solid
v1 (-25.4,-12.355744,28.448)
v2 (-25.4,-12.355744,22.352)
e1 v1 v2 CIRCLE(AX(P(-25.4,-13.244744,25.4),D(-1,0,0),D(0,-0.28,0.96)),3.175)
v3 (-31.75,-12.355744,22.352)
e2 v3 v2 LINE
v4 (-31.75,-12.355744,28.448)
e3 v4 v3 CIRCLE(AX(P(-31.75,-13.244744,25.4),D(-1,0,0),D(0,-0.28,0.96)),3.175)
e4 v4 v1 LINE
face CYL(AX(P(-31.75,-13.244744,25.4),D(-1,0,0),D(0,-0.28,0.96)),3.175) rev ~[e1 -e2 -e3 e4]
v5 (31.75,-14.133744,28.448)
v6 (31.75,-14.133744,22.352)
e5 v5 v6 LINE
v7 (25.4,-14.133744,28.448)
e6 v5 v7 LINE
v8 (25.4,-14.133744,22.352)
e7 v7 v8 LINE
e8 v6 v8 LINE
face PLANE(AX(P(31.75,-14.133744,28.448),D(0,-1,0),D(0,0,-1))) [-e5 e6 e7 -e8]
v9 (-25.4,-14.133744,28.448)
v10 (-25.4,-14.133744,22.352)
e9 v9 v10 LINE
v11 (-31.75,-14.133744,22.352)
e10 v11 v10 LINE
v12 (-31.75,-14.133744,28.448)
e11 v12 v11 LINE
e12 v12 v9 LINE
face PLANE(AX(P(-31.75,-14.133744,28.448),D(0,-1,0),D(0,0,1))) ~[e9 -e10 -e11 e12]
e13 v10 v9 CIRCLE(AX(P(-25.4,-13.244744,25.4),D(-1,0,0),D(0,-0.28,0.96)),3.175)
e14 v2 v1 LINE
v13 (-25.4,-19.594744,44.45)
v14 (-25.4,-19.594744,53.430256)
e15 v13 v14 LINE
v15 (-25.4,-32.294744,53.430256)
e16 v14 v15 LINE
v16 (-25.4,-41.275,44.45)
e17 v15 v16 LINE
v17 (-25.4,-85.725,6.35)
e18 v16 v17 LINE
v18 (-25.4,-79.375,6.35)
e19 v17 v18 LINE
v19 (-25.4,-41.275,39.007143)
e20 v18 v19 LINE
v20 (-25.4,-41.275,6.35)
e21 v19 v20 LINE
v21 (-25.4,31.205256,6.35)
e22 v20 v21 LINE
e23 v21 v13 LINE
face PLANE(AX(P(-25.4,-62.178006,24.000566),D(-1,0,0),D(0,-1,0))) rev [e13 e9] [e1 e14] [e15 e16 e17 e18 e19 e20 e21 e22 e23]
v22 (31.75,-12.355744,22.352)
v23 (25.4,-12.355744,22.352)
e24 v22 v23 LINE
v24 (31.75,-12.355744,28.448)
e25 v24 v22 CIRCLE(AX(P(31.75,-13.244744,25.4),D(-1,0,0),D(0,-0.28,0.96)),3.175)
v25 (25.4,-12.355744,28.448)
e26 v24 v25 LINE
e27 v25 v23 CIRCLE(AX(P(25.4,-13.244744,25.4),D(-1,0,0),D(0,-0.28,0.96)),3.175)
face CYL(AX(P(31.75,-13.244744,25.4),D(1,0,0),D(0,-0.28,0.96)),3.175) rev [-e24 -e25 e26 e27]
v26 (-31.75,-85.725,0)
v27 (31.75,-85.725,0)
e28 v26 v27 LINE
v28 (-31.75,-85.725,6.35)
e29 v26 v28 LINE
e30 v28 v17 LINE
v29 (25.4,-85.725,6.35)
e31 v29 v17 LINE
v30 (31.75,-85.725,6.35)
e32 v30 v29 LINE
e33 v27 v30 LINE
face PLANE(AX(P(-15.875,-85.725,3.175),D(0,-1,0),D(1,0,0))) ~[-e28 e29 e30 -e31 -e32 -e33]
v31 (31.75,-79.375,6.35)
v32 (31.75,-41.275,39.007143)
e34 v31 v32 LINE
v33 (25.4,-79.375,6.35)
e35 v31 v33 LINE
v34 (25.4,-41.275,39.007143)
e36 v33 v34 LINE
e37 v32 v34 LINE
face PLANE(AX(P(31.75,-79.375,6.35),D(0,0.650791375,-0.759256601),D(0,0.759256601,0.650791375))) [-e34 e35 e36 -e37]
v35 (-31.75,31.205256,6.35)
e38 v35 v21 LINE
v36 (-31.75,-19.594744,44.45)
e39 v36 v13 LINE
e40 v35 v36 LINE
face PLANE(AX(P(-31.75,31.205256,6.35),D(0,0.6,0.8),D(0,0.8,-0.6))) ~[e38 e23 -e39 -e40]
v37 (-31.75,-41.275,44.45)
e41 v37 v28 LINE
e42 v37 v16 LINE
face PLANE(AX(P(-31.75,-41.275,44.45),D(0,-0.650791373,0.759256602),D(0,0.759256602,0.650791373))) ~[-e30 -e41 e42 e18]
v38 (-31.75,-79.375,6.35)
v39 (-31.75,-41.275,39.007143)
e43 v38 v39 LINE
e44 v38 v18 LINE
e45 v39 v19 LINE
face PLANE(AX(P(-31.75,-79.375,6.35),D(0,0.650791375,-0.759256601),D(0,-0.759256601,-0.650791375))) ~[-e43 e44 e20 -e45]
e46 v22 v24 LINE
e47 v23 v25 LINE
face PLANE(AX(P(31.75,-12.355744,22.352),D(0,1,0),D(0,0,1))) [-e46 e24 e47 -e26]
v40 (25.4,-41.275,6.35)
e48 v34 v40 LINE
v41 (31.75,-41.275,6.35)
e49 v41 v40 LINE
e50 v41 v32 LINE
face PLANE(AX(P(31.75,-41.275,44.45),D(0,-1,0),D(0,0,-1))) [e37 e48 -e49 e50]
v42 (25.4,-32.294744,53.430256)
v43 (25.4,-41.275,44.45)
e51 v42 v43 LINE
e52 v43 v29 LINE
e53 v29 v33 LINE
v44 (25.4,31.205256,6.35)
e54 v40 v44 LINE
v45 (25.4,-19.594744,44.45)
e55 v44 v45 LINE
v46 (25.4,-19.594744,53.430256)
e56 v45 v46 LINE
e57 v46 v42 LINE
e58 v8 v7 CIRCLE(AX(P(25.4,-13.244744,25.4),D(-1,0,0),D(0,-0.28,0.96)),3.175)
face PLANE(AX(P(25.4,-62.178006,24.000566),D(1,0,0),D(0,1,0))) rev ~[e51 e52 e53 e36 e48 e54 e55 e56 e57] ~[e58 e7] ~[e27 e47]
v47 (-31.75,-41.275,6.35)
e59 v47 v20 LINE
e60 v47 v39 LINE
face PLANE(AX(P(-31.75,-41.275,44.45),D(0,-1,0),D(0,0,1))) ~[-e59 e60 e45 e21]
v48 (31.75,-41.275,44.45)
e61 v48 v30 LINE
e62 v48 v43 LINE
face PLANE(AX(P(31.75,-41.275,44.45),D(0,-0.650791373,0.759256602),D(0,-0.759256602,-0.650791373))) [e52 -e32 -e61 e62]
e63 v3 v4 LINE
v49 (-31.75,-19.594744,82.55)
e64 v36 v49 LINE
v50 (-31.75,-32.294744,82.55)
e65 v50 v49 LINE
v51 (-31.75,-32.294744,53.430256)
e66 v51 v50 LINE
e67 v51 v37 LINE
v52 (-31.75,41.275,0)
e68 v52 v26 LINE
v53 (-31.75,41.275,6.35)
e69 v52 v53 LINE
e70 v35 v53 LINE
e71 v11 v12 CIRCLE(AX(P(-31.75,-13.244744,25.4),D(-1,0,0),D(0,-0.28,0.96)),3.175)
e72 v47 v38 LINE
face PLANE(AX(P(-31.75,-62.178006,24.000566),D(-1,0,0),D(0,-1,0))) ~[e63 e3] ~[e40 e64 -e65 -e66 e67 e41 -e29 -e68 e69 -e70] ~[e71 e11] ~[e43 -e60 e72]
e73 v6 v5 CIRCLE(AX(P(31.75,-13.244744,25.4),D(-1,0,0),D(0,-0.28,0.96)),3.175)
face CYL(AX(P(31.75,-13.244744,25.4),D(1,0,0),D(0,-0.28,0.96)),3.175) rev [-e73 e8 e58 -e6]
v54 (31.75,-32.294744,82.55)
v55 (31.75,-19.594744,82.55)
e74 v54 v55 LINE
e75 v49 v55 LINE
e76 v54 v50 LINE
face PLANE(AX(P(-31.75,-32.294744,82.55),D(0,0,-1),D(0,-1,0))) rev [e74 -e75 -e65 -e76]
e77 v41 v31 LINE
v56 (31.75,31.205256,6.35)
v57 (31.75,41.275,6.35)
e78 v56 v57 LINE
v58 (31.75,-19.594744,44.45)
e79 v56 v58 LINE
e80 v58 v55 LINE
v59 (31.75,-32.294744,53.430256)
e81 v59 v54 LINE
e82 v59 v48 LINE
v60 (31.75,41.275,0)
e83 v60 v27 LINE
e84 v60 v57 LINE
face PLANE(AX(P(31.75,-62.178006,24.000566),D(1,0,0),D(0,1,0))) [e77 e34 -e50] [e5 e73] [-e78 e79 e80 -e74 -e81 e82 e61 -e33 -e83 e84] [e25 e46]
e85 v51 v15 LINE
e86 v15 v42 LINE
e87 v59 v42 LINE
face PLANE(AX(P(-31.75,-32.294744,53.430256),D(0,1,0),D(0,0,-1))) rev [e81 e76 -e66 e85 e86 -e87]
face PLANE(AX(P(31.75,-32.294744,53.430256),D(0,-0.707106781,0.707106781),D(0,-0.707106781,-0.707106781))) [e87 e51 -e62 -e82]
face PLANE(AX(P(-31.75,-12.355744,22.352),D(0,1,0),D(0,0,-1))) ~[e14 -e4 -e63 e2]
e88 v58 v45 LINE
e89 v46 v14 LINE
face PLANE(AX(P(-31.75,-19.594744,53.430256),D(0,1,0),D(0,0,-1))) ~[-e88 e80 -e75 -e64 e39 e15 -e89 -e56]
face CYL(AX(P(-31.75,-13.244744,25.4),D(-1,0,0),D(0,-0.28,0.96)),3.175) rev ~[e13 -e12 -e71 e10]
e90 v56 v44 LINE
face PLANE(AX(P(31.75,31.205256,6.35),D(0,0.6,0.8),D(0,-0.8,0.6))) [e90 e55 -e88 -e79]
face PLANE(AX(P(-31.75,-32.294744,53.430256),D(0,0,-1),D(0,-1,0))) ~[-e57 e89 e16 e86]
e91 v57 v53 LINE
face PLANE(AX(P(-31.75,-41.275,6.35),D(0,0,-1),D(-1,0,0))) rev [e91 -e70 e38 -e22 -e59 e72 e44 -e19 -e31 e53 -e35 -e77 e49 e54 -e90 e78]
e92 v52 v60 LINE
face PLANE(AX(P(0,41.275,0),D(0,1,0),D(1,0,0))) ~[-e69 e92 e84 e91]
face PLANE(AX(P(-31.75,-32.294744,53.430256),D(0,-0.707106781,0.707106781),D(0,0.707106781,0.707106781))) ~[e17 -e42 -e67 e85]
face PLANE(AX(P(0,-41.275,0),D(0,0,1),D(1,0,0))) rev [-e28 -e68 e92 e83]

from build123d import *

# Parameters (mm, degrees)
F0_W     = 31.75
F0_H     = 82.55
F1_DEPTH = 6.35
F3_DEPTH = 6.35
F2_W     = 12.7
F2_H     = 29.119744
F4_DEPTH = 31.75
F6_DEPTH = 44.45
F8_DEPTH = 6.35


with BuildPart() as f1:
    # F0 (on Top) → F1 (new body)
    with BuildSketch(Plane.XY):
        with Locations((15.875, 0)):
            Rectangle(F0_W, F0_H)
    extrude(amount=F1_DEPTH)

    # F2 (on face) → F3 (join)
    with BuildSketch(Plane.YZ.offset(31.75)):
        Polygon((-41.275, 44.45), (-41.275, 6.35), (31.205256, 6.35), (-19.594744, 44.45), (-19.594744, 53.430256), (-32.294744, 53.430256), align=None)
        with BuildLine():
            ThreePointArc((-12.355744, 28.448), (-10.704744, 27.305), (-10.069744, 25.4))
            ThreePointArc((-10.069744, 25.4), (-10.704744, 23.495), (-12.355744, 22.352))
            ThreePointArc((-12.355744, 22.352), (-13.244744, 22.225), (-14.133744, 22.352))
            ThreePointArc((-14.133744, 22.352), (-16.419744, 25.4), (-14.133744, 28.448))
            ThreePointArc((-14.133744, 28.448), (-13.244744, 28.575), (-12.355744, 28.448))
        make_face(mode=Mode.SUBTRACT)
        with BuildLine():
            Line((-12.355744, 22.352), (-12.355744, 28.448))
            ThreePointArc((-12.355744, 28.448), (-13.244744, 28.575), (-14.133744, 28.448))
            Line((-14.133744, 28.448), (-14.133744, 22.352))
            ThreePointArc((-14.133744, 22.352), (-13.244744, 22.225), (-12.355744, 22.352))
        make_face()
    extrude(amount=-F3_DEPTH)

    # F2 (on face) → F4 (join)
    with BuildSketch(Plane.YZ.offset(31.75)):
        with Locations((-25.944744, 67.990128)):
            Rectangle(F2_W, F2_H)
    extrude(amount=-F4_DEPTH)

    # F5 (on face) → F6 (join)
    with BuildSketch(Plane.XZ.offset(41.275)):
        Polygon((25.4, 6.35), (0, 6.35), (0, 0), (31.75, 0), (31.75, 6.35), align=None)
    extrude(amount=F6_DEPTH)

    # F7 (on face) → F8 (join)
    with BuildSketch(Plane.YZ.offset(31.75)):
        Polygon((-41.275, 44.45), (-85.725, 6.35), (-79.375, 6.35), (-41.275, 39.007143), align=None)
    extrude(amount=-F8_DEPTH)

    # F9: F1 across plane


with BuildPart() as f1_1:
    add(f1.part)
    add(f1.part.mirror(Plane.YZ))


solid = f1_1.part
